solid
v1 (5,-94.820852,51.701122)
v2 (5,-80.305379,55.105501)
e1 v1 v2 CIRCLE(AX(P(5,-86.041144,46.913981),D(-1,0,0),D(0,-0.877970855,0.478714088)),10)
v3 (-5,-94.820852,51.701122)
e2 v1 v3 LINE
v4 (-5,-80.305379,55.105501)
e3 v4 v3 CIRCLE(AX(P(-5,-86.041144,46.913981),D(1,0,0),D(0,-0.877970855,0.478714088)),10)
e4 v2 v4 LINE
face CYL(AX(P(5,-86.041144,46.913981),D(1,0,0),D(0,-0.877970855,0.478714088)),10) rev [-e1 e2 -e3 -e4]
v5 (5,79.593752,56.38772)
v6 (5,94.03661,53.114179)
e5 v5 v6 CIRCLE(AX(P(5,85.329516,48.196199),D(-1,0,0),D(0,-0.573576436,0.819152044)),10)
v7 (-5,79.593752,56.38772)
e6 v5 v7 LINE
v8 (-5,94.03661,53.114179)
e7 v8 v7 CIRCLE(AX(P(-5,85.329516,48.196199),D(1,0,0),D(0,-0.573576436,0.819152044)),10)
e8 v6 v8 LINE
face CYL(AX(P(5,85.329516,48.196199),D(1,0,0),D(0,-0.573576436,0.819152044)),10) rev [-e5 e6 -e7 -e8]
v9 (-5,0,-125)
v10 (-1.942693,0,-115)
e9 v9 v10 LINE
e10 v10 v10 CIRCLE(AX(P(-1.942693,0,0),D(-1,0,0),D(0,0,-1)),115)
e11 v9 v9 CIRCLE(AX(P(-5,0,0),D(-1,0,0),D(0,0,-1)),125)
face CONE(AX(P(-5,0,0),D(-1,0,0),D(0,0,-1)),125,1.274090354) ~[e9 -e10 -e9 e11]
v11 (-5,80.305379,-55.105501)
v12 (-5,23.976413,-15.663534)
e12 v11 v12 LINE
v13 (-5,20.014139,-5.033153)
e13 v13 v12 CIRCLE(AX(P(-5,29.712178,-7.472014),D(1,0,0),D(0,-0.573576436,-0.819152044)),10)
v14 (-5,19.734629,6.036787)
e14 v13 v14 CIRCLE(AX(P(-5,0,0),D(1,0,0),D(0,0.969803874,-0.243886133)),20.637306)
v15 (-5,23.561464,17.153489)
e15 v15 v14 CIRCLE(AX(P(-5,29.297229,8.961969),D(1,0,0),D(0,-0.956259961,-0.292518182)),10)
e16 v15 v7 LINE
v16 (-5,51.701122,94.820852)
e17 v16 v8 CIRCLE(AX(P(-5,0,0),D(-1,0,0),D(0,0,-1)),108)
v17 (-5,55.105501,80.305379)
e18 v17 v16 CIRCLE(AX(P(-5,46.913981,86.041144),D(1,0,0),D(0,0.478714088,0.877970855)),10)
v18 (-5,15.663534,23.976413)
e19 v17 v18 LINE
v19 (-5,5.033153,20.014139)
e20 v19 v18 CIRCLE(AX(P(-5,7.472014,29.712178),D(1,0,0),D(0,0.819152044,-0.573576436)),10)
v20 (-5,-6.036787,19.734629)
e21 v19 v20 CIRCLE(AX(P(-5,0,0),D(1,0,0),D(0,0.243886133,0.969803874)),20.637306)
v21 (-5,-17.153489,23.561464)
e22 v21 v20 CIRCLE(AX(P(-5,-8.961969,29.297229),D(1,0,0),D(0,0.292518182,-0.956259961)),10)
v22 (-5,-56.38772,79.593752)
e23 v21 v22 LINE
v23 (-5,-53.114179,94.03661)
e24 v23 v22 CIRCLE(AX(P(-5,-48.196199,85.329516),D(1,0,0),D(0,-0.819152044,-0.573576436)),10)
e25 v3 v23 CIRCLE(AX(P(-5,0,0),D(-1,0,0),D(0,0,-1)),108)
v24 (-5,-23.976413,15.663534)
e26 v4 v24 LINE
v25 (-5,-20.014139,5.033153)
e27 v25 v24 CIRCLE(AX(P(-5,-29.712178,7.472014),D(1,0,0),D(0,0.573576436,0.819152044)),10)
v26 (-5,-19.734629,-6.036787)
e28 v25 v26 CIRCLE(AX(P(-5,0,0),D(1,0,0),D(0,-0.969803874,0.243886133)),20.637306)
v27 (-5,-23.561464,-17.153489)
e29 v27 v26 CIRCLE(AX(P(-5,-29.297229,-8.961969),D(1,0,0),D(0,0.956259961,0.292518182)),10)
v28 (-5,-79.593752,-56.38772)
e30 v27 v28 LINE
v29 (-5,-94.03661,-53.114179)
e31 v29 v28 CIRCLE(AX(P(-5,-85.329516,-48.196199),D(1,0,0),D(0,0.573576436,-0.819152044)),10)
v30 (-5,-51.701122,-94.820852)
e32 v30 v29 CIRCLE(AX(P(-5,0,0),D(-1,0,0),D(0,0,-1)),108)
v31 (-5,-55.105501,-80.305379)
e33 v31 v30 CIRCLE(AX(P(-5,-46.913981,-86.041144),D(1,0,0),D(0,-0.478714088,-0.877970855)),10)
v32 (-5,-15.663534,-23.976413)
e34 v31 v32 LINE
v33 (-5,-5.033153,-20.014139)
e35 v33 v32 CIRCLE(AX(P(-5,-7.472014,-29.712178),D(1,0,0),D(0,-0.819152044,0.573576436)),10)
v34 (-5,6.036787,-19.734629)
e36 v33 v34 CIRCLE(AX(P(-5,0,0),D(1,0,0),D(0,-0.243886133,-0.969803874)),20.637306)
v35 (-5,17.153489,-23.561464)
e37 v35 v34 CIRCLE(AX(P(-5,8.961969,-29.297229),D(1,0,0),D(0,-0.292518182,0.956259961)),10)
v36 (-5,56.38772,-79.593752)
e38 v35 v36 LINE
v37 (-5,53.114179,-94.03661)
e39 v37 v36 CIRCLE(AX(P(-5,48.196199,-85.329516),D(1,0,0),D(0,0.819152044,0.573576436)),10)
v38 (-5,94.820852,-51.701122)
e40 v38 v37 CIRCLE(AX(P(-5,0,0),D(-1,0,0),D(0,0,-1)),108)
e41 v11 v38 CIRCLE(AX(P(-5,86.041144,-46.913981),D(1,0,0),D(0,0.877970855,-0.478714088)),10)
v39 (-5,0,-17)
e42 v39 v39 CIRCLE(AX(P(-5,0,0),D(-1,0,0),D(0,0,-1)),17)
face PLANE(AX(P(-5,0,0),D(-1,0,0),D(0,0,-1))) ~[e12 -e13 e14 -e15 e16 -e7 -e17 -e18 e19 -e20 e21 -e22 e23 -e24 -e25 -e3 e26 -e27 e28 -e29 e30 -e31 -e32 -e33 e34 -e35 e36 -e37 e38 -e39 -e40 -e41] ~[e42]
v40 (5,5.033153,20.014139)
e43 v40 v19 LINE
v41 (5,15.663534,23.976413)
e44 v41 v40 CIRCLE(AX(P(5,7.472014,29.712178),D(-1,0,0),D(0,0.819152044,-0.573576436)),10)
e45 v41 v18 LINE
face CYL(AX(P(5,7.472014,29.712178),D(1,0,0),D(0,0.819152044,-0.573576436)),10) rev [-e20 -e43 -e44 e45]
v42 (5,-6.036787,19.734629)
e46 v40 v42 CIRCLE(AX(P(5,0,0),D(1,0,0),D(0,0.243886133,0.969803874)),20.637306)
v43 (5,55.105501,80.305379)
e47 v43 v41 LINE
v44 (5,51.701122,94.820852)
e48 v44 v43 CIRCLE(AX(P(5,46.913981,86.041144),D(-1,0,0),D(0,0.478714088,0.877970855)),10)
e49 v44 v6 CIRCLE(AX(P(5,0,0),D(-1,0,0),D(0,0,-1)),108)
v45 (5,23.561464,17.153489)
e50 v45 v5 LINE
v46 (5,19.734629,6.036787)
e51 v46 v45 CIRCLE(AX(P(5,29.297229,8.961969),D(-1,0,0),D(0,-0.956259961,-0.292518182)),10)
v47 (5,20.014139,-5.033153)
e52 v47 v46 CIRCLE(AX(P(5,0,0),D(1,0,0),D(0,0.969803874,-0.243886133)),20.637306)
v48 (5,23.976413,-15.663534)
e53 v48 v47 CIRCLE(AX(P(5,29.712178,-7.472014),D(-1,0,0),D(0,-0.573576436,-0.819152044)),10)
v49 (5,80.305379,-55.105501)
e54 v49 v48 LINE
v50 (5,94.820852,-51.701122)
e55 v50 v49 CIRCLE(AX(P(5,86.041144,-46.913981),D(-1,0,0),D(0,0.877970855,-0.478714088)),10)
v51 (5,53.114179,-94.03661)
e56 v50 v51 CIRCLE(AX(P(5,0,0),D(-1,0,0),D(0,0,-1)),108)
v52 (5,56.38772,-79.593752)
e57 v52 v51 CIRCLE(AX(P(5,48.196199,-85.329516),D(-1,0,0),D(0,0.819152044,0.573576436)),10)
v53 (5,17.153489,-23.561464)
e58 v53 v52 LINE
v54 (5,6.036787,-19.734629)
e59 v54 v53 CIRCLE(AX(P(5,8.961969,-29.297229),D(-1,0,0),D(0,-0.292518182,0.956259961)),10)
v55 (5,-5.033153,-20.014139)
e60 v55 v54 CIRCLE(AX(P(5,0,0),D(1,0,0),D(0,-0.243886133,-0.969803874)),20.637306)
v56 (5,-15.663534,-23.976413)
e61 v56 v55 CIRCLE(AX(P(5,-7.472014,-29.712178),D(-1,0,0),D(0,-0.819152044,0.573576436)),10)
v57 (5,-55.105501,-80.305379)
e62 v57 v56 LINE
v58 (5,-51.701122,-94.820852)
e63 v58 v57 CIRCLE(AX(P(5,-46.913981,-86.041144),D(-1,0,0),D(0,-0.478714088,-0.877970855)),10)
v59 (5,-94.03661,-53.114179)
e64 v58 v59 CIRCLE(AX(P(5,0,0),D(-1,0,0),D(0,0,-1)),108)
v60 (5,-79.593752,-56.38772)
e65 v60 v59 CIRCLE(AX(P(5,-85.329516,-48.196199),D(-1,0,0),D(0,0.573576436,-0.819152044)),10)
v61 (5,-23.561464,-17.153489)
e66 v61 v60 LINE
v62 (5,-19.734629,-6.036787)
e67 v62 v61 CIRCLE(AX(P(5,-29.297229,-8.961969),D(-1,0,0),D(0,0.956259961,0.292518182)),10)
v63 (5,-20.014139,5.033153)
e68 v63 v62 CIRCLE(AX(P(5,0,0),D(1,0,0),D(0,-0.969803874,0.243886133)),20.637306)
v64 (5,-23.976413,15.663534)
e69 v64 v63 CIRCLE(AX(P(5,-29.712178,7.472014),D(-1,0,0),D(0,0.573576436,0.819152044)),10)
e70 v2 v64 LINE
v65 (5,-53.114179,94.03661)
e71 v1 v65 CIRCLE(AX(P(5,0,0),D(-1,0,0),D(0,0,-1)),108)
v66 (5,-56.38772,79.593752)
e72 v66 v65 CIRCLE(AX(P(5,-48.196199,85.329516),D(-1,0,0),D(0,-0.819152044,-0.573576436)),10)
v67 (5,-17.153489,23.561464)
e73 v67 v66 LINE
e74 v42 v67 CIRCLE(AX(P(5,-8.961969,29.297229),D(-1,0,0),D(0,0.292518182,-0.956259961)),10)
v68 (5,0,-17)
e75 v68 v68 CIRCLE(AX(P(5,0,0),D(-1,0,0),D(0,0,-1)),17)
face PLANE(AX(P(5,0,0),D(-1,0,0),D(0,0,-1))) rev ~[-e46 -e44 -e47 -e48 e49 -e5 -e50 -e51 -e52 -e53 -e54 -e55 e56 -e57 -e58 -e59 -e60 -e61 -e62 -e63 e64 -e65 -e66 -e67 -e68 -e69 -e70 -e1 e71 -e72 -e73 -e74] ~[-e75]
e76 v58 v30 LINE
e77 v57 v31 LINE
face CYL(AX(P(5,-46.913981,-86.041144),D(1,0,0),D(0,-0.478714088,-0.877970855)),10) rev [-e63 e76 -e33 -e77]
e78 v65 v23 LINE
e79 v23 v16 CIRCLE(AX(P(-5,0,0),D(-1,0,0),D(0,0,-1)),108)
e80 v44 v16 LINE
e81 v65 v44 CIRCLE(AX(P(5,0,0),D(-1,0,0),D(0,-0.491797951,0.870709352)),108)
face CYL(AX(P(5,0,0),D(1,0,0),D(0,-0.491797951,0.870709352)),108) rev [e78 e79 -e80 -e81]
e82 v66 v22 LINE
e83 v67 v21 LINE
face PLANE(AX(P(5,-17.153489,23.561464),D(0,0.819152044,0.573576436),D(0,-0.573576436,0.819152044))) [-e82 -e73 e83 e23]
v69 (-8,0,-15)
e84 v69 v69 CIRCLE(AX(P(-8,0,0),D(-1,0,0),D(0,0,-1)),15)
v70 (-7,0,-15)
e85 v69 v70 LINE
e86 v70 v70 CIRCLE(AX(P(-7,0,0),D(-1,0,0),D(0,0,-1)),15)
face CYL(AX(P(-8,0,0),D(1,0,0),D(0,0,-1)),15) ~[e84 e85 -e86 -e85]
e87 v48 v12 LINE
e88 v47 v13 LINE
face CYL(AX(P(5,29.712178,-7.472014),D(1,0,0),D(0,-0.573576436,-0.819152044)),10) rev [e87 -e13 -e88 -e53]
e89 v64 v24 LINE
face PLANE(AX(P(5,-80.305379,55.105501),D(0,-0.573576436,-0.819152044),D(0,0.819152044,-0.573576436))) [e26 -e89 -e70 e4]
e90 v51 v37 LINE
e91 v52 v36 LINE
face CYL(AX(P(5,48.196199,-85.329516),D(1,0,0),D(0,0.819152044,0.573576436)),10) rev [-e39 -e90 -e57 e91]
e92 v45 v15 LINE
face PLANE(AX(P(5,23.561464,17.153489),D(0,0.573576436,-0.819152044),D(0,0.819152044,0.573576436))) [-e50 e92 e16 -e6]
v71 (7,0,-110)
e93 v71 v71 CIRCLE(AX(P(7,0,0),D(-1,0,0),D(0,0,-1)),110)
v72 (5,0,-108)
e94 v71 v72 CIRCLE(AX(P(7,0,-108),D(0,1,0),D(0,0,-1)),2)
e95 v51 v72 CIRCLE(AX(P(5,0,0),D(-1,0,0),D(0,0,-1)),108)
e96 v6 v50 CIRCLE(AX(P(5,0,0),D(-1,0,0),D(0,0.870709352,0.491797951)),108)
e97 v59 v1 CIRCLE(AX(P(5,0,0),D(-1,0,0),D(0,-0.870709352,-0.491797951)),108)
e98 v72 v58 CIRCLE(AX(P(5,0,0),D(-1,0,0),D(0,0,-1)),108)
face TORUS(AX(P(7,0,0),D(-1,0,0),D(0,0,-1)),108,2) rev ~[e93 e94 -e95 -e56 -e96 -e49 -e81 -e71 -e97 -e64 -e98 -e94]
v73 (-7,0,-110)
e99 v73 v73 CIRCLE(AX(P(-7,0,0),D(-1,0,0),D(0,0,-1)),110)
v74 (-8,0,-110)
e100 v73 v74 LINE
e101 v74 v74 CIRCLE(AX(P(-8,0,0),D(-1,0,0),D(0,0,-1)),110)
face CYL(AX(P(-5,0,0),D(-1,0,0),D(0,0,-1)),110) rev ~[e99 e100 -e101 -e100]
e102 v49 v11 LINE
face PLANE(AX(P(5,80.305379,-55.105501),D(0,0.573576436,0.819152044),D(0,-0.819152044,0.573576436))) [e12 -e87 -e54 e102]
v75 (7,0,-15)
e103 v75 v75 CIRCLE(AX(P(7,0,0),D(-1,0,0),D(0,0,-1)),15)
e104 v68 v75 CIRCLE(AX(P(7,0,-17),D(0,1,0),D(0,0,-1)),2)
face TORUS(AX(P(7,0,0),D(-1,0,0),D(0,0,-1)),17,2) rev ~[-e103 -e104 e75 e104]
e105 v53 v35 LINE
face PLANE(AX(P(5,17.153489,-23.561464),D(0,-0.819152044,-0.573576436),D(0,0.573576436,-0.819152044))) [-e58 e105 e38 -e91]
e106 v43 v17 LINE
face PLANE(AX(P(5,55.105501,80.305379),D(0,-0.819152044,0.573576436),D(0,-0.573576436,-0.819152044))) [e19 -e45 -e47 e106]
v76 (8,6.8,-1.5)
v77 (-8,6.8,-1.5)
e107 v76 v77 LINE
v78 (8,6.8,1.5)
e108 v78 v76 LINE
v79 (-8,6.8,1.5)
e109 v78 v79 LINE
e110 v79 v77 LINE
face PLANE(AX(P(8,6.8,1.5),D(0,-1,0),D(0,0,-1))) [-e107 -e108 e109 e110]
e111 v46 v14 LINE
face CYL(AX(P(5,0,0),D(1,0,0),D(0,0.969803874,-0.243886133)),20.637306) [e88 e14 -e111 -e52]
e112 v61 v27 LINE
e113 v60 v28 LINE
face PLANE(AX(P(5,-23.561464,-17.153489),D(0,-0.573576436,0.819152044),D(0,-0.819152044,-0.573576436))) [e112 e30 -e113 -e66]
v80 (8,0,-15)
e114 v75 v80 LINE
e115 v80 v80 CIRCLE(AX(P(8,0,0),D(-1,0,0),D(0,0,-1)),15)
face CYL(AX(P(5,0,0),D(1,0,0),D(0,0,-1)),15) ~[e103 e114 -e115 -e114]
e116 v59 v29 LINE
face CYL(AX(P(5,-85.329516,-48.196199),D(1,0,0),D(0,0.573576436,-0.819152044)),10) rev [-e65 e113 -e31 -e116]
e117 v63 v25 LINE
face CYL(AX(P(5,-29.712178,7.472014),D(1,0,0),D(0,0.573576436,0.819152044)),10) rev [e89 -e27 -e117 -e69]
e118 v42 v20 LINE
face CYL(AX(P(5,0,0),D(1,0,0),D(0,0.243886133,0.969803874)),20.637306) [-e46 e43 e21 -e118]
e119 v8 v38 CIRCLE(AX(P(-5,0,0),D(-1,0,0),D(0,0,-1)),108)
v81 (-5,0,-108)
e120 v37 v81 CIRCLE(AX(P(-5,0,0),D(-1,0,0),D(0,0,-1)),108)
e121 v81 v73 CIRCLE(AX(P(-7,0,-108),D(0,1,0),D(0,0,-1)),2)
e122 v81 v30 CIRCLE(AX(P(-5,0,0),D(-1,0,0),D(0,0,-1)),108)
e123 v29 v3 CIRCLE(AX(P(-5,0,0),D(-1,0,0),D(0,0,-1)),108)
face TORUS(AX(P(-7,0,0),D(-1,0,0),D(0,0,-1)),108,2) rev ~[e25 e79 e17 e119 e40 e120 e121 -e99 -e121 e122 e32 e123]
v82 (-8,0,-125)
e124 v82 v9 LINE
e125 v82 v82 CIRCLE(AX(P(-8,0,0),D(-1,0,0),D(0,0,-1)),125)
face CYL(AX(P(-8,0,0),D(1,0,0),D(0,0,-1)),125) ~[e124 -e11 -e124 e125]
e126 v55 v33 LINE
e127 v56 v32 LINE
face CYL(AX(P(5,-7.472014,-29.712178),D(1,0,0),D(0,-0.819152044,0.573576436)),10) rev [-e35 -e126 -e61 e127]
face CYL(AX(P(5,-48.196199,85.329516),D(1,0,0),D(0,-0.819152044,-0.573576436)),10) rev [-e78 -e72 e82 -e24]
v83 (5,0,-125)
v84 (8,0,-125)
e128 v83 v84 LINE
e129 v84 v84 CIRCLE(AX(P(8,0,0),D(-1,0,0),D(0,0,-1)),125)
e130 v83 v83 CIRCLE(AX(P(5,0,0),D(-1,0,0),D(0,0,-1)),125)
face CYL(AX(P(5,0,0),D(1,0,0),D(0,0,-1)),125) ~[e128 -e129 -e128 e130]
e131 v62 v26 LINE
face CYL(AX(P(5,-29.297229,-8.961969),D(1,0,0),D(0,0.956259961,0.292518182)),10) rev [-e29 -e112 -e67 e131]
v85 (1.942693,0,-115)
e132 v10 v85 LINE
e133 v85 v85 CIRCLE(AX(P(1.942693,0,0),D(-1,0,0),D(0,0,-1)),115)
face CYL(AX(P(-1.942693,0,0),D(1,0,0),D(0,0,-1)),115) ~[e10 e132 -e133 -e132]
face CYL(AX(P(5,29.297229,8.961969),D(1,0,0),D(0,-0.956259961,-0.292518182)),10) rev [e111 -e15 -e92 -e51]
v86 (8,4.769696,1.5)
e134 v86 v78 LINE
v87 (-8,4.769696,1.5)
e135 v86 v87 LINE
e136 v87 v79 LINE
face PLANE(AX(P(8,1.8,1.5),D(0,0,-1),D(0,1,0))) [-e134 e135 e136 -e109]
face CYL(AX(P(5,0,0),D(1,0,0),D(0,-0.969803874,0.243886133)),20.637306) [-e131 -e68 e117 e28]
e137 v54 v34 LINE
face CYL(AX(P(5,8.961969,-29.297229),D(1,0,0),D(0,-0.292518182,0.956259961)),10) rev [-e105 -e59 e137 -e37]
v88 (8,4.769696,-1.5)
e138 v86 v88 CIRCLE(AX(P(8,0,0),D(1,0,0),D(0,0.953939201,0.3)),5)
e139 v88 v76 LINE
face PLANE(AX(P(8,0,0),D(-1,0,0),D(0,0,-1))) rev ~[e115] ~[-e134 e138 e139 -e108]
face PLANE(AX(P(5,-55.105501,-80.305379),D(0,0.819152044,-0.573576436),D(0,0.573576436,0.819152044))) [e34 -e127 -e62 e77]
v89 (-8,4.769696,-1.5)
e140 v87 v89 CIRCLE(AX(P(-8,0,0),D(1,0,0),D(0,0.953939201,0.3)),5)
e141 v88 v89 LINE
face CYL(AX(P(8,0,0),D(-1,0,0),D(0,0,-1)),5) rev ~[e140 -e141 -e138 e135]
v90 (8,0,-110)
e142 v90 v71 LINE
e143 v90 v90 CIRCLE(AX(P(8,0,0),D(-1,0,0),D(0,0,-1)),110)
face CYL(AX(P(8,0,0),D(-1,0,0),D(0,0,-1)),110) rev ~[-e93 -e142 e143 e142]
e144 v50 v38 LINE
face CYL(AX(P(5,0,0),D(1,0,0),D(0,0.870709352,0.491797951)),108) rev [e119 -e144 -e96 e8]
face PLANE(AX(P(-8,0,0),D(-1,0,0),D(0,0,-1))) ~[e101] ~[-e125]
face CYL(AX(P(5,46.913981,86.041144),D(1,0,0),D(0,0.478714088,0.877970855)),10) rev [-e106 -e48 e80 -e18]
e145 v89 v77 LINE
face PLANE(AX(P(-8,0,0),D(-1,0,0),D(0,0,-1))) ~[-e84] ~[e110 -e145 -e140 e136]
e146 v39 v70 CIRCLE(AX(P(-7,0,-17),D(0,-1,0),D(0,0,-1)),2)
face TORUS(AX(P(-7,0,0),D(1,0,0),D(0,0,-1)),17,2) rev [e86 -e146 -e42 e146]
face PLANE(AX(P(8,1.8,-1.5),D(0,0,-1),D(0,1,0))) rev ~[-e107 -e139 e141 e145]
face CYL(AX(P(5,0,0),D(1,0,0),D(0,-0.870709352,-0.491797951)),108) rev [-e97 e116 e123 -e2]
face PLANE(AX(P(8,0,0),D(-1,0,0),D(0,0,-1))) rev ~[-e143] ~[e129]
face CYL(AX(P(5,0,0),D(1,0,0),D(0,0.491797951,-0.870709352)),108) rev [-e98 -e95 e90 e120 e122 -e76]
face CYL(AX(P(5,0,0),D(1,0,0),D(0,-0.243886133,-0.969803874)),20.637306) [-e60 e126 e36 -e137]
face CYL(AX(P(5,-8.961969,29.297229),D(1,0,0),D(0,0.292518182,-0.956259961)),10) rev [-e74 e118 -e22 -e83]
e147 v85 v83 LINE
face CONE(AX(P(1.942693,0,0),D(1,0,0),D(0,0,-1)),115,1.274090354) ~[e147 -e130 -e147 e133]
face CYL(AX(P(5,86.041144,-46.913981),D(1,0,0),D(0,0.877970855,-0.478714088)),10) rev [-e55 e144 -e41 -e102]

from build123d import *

# Parameters (mm, degrees)
FILLET1_R          = 2
CUT_EXTRUDE1_DEPTH = 40
CIRPATTERN1_COUNT  = 4
SKETCH5_W          = 3
SKETCH5_H          = 5
CUT_EXTRUDE2_DEPTH = 178.499295773


with BuildPart() as part:
    # Sketch1 → Revolve1 (revolve)
    with BuildSketch(Plane(origin=(0, 0, 0), x_dir=(1, 0, 0), z_dir=(0, 1, 0))):
        Polygon((-5, 15), (-5, 110), (-8, 110), (-8, 125), (-5, 125), (-1.942693185, 115), (1.942693185, 115), (5, 125), (8, 125), (8, 110), (5, 110), (5, 15), (8, 15), (8, 5), (-8, 5), (-8, 15), align=None)
    revolve(axis=Axis((0, 0, 0), (-1, 0, 0)))

    # Fillet1
    fillet1_edges = [part.edges().sort_by_distance(p)[0] for p in [
        (-5, 0, 110),
        (-5, 0, 15),
        (5, 0, 15),
        (5, 0, 110),
    ]]
    fillet(fillet1_edges, radius=FILLET1_R)

    # Sketch4 → Cut-Extrude1 (cut)
    with BuildSketch(Plane(origin=(5, 0, 0), x_dir=(0, 0, -1), z_dir=(1, 0, 0))):
        with BuildLine():
            Line((-17.153489429, 23.561464434), (-56.387719646, 79.593752114))
            ThreePointArc((-56.387719646, 79.593752114), (-57.948828756, 87.539995339), (-53.114178714, 94.036609996))
            ThreePointArc((-53.114178714, 94.036609996), (-0.808048061, 107.99697708), (51.701121513, 94.820852318))
            ThreePointArc((51.701121513, 94.820852318), (56.649798569, 88.324529217), (55.105501075, 80.305379407))
            Line((55.105501075, 80.305379407), (15.663534482, 23.976413435))
            ThreePointArc((15.663534482, 23.976413435), (10.964602801, 20.341915063), (5.033152704, 20.01413906))
            ThreePointArc((5.033152704, 20.01413906), (-0.520914556, 20.630730391), (-6.036787164, 19.734629188))
            ThreePointArc((-6.036787164, 19.734629188), (-12.216926377, 19.841793727), (-17.153489429, 23.561464434))
        make_face()
    cut_extrude1 = extrude(amount=-CUT_EXTRUDE1_DEPTH, mode=Mode.SUBTRACT)

    # CirPattern1: Cut-Extrude1 ×4 about axis
    cirpattern1_axis = Axis((0, 0, 0), (1, 0, 0))
    for i in range(1, CIRPATTERN1_COUNT):
        add(cut_extrude1.rotate(cirpattern1_axis, i * 360 / CIRPATTERN1_COUNT), mode=Mode.SUBTRACT)

    # Sketch5 → Cut-Extrude2 (cut, through all)
    with BuildSketch(Plane(origin=(8, 0, 0), x_dir=(0, 0, -1), z_dir=(1, 0, 0))):
        with Locations((0, 4.3)):
            Rectangle(SKETCH5_W, SKETCH5_H)
    extrude(amount=-CUT_EXTRUDE2_DEPTH, mode=Mode.SUBTRACT)


solid = part.part
